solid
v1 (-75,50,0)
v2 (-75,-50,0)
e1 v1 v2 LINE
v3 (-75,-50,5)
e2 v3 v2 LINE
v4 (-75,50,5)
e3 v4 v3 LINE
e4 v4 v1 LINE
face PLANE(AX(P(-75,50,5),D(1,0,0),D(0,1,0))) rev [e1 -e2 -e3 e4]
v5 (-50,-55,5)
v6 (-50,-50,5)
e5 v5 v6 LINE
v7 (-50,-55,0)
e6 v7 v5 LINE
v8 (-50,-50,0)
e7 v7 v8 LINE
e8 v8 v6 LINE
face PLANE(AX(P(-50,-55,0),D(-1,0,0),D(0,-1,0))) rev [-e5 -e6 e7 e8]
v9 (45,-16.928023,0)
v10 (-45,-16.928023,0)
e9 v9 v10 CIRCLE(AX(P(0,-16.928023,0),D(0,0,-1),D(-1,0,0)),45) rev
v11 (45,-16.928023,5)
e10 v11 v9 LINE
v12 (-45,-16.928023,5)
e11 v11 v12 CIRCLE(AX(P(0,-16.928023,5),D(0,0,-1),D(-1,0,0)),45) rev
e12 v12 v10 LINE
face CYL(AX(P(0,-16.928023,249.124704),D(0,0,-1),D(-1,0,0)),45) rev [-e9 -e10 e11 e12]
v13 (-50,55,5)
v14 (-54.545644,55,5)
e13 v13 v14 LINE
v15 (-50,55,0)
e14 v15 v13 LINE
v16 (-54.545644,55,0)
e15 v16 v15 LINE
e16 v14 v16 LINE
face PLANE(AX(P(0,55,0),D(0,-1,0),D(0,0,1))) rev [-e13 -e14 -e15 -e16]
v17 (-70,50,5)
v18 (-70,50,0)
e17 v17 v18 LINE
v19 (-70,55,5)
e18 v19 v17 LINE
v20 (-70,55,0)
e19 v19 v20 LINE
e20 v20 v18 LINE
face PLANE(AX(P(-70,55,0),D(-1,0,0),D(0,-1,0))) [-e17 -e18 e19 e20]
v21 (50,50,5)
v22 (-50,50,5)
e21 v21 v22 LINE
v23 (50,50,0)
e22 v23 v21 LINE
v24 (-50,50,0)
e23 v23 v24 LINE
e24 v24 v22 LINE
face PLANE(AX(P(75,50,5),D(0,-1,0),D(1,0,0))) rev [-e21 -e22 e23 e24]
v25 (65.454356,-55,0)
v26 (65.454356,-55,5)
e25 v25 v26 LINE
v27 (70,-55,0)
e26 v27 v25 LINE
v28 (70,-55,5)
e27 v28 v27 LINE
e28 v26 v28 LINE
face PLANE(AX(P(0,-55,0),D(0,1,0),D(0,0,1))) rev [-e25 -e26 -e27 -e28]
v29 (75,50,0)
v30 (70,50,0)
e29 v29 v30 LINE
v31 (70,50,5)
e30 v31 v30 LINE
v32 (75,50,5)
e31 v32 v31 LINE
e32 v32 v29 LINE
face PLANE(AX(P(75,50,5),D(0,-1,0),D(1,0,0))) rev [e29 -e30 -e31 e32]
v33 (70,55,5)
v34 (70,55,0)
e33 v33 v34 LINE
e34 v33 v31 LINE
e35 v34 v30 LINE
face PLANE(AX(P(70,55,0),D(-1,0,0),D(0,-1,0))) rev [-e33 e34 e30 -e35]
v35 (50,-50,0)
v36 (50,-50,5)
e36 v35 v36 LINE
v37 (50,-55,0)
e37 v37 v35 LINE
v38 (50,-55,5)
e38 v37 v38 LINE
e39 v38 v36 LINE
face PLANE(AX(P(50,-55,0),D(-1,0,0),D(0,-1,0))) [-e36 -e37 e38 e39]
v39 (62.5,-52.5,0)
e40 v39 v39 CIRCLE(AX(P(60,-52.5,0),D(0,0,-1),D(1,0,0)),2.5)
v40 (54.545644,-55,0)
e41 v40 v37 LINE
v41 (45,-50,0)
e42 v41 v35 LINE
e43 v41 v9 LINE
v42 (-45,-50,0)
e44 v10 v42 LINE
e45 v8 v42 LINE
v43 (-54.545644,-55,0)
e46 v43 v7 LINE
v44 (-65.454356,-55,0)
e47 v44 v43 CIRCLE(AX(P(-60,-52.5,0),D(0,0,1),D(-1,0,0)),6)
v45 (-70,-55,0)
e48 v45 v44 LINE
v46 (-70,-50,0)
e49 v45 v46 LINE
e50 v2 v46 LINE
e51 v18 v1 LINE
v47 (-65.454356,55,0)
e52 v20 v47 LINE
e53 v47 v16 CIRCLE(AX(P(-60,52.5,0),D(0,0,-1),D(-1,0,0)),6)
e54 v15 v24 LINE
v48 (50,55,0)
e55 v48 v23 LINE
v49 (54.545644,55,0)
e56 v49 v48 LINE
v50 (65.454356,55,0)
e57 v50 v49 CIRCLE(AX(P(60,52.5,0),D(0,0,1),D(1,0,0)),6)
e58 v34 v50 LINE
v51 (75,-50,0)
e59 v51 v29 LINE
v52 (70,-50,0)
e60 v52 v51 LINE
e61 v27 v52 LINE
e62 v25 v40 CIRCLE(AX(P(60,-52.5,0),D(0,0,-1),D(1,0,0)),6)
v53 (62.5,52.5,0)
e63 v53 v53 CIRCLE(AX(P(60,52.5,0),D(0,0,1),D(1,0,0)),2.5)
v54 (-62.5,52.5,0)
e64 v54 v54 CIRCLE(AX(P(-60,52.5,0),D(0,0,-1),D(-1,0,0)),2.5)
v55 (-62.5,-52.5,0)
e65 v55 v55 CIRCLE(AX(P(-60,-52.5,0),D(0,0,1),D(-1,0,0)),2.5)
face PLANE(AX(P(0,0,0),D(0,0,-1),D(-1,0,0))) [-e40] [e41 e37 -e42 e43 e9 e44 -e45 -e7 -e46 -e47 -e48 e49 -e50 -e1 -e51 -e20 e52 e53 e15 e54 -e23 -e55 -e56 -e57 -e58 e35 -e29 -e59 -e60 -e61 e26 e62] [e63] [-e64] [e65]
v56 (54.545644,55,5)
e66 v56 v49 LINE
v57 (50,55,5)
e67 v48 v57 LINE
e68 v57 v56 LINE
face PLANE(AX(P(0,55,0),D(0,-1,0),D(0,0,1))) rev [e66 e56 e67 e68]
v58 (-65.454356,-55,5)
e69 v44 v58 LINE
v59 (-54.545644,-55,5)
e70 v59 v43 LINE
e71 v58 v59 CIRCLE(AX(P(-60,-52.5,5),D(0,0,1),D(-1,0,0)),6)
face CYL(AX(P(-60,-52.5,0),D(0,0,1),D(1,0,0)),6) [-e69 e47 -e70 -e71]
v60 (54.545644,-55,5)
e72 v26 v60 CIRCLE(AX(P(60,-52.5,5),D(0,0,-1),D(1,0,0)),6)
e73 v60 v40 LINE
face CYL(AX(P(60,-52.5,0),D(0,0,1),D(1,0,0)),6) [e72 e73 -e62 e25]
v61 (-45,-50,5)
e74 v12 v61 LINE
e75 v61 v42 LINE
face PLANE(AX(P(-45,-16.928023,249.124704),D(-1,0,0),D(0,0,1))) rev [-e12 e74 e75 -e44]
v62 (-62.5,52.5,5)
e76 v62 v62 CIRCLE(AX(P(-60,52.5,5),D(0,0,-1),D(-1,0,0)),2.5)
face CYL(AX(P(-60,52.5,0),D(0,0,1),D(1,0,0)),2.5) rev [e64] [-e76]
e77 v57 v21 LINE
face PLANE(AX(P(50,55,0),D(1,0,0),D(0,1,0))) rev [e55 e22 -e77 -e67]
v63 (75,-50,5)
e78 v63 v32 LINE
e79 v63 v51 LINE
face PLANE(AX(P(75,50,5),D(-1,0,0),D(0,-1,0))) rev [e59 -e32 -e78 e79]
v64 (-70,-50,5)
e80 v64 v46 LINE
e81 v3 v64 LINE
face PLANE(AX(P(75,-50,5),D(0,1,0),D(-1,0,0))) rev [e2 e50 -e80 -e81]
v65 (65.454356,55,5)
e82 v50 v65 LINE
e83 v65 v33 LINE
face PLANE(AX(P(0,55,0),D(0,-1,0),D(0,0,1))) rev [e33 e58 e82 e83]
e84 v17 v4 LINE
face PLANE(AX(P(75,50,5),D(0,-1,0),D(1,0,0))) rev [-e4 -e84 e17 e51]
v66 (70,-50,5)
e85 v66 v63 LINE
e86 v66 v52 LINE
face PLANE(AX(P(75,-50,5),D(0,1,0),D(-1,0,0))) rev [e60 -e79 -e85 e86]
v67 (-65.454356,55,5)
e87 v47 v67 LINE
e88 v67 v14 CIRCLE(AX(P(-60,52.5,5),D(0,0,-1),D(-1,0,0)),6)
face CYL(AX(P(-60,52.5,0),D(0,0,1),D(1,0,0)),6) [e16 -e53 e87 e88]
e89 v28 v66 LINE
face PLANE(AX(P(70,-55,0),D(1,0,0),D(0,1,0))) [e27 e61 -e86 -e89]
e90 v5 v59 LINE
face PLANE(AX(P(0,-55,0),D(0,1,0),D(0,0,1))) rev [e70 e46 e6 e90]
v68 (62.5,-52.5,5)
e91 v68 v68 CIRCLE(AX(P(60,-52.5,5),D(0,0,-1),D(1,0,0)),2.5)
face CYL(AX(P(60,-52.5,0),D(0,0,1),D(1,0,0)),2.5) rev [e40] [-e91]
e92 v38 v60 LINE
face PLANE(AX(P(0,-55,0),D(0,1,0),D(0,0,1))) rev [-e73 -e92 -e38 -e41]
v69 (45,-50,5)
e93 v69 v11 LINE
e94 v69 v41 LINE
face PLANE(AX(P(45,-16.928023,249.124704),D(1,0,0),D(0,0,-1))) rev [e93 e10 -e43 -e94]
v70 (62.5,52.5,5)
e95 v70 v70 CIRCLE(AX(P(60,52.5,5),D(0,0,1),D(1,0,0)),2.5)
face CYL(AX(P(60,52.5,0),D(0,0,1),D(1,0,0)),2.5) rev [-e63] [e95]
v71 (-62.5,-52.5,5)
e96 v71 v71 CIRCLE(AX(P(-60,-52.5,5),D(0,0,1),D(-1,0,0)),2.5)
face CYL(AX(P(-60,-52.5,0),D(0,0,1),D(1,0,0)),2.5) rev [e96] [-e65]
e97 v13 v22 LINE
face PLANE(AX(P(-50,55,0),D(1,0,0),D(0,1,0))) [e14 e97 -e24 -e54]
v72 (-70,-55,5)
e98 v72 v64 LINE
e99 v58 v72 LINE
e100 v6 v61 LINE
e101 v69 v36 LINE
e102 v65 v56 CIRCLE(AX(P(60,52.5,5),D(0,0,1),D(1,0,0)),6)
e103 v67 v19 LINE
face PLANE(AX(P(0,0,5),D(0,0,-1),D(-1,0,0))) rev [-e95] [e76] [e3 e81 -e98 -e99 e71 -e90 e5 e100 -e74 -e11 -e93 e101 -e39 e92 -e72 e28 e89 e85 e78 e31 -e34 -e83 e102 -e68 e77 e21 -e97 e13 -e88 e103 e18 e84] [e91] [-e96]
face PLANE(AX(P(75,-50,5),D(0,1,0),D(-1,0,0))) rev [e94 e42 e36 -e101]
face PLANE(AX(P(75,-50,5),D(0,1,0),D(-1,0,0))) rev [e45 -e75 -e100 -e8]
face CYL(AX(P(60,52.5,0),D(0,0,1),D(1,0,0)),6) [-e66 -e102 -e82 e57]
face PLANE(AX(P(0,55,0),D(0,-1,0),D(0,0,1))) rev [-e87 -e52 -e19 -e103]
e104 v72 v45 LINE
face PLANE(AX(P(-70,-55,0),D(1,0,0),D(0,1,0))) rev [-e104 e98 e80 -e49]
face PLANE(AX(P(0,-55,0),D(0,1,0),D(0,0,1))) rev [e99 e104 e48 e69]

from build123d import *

# Parameters (mm, degrees)
SKETCH1_W                                  = 150
SKETCH1_H                                  = 100
BOSS_EXTRUDE1_DEPTH                        = 5
SKETCH3_W                                  = 20
SKETCH3_H                                  = 5
BOSS_EXTRUDE2_DEPTH                        = 5
MIRROR1_AT_THE_SECOND_PLANE_COPY_1_SKETC_W = 20
MIRROR1_AT_THE_SECOND_PLANE_COPY_1_SKETC_H = 5
MIRROR1_AT_THE_SECOND_PLANE_COPY_1_DEPTH   = 5
SKETCH4_R                                  = 6
BOSS_EXTRUDE3_DEPTH                        = 5
SKETCH5_R                                  = 2.5
CUT_EXTRUDE1_DEPTH                         = 5
MIRROR2_AT_THE_SECOND_PLANE_COPY_1_SKETC_R = 6
MIRROR2_AT_THE_SECOND_PLANE_COPY_1_DEPTH   = 5
MIRROR2_AT_THE_SECOND_PLANE_COPY_2_SKETC_R = 2.5
MIRROR2_AT_THE_SECOND_PLANE_COPY_2_DEPTH   = 5
CUT_EXTRUDE3_DEPTH                         = 1
CUT_EXTRUDE3_DEPTH_BACK                    = 5


with BuildPart() as part:
    # Sketch1 → Boss-Extrude1 (new body)
    with BuildSketch(Plane.XY):
        Rectangle(SKETCH1_W, SKETCH1_H)
    extrude(amount=BOSS_EXTRUDE1_DEPTH)

    # Sketch3 → Boss-Extrude2 (add)
    with BuildSketch(Plane.XZ.offset(50)):
        with Locations((-60, 2.5)):
            Rectangle(SKETCH3_W, SKETCH3_H)
    boss_extrude2 = extrude(amount=BOSS_EXTRUDE2_DEPTH)

    # Mirror1: Boss-Extrude2 across plane
    add(boss_extrude2.mirror(Plane(origin=(0, 0, 0), x_dir=(0, 0, 1), z_dir=(1, 0, 0))))

    # Mirror1 at the second plane: Boss-Extrude2 across plane
    add(boss_extrude2.mirror(Plane.ZX))

    # Mirror1 at the second plane copy 1 sketc → Mirror1 at the second plane copy 1 (add)
    with BuildSketch(Plane(origin=(0, 50, 0), x_dir=(-1, 0, 0), z_dir=(0, 1, 0))):
        with Locations((-60, 2.5)):
            Rectangle(MIRROR1_AT_THE_SECOND_PLANE_COPY_1_SKETC_W, MIRROR1_AT_THE_SECOND_PLANE_COPY_1_SKETC_H)
    extrude(amount=MIRROR1_AT_THE_SECOND_PLANE_COPY_1_DEPTH)

    # Sketch4 → Boss-Extrude3 (add)
    with BuildSketch(Plane.XY.offset(5)):
        with Locations((60, 52.5)):
            Circle(SKETCH4_R)
    boss_extrude3 = extrude(amount=-BOSS_EXTRUDE3_DEPTH)

    # Sketch5 → Cut-Extrude1 (cut)
    with BuildSketch(Plane.XY.offset(5)):
        with Locations((60, 52.5)):
            Circle(SKETCH5_R)
    cut_extrude1 = extrude(amount=-CUT_EXTRUDE1_DEPTH, mode=Mode.SUBTRACT)

    # Mirror2: Boss-Extrude3, Cut-Extrude1 across plane
    add(boss_extrude3.mirror(Plane(origin=(0, 0, 0), x_dir=(0, 0, 1), z_dir=(1, 0, 0))))
    add(cut_extrude1.mirror(Plane(origin=(0, 0, 0), x_dir=(0, 0, 1), z_dir=(1, 0, 0))), mode=Mode.SUBTRACT)

    # Mirror2 at the second plane: Boss-Extrude3, Cut-Extrude1 across plane
    add(boss_extrude3.mirror(Plane.ZX))
    add(cut_extrude1.mirror(Plane.ZX), mode=Mode.SUBTRACT)

    # Mirror2 at the second plane copy 1 sketc → Mirror2 at the second plane copy 1 (add)
    with BuildSketch(Plane(origin=(0, 0, 5), x_dir=(-1, 0, 0), z_dir=(0, 0, 1))):
        with Locations((60, 52.5)):
            Circle(MIRROR2_AT_THE_SECOND_PLANE_COPY_1_SKETC_R)
    extrude(amount=-MIRROR2_AT_THE_SECOND_PLANE_COPY_1_DEPTH)

    # Mirror2 at the second plane copy 2 sketc → Mirror2 at the second plane copy 2 (cut)
    with BuildSketch(Plane(origin=(0, 0, 5), x_dir=(-1, 0, 0), z_dir=(0, 0, 1))):
        with Locations((60, 52.5)):
            Circle(MIRROR2_AT_THE_SECOND_PLANE_COPY_2_SKETC_R)
    extrude(amount=-MIRROR2_AT_THE_SECOND_PLANE_COPY_2_DEPTH, mode=Mode.SUBTRACT)

    # Sketch8 → Cut-Extrude3 (cut, two sides)
    with BuildSketch(Plane.XY.offset(5)) as cut_extrude3_sk:
        with BuildLine():
            Line((45, -383.556795633), (45, -50))
            Line((45, -50), (45, -16.928023383))
            ThreePointArc((45, -16.928023383), (0, 28.071976617), (-45, -16.928023383))
            Line((-45, -16.928023383), (-45, -50))
            Line((-45, -50), (-45, -383.556795633))
            Line((-45, -383.556795633), (-45, -1050.670386898))
            Line((-45, -1050.670386898), (45, -1050.670386898))
            Line((45, -1050.670386898), (45, -383.556795633))
        make_face()
    extrude(amount=CUT_EXTRUDE3_DEPTH, mode=Mode.SUBTRACT)
    extrude(cut_extrude3_sk.sketch, amount=-CUT_EXTRUDE3_DEPTH_BACK, mode=Mode.SUBTRACT)


solid = part.part
